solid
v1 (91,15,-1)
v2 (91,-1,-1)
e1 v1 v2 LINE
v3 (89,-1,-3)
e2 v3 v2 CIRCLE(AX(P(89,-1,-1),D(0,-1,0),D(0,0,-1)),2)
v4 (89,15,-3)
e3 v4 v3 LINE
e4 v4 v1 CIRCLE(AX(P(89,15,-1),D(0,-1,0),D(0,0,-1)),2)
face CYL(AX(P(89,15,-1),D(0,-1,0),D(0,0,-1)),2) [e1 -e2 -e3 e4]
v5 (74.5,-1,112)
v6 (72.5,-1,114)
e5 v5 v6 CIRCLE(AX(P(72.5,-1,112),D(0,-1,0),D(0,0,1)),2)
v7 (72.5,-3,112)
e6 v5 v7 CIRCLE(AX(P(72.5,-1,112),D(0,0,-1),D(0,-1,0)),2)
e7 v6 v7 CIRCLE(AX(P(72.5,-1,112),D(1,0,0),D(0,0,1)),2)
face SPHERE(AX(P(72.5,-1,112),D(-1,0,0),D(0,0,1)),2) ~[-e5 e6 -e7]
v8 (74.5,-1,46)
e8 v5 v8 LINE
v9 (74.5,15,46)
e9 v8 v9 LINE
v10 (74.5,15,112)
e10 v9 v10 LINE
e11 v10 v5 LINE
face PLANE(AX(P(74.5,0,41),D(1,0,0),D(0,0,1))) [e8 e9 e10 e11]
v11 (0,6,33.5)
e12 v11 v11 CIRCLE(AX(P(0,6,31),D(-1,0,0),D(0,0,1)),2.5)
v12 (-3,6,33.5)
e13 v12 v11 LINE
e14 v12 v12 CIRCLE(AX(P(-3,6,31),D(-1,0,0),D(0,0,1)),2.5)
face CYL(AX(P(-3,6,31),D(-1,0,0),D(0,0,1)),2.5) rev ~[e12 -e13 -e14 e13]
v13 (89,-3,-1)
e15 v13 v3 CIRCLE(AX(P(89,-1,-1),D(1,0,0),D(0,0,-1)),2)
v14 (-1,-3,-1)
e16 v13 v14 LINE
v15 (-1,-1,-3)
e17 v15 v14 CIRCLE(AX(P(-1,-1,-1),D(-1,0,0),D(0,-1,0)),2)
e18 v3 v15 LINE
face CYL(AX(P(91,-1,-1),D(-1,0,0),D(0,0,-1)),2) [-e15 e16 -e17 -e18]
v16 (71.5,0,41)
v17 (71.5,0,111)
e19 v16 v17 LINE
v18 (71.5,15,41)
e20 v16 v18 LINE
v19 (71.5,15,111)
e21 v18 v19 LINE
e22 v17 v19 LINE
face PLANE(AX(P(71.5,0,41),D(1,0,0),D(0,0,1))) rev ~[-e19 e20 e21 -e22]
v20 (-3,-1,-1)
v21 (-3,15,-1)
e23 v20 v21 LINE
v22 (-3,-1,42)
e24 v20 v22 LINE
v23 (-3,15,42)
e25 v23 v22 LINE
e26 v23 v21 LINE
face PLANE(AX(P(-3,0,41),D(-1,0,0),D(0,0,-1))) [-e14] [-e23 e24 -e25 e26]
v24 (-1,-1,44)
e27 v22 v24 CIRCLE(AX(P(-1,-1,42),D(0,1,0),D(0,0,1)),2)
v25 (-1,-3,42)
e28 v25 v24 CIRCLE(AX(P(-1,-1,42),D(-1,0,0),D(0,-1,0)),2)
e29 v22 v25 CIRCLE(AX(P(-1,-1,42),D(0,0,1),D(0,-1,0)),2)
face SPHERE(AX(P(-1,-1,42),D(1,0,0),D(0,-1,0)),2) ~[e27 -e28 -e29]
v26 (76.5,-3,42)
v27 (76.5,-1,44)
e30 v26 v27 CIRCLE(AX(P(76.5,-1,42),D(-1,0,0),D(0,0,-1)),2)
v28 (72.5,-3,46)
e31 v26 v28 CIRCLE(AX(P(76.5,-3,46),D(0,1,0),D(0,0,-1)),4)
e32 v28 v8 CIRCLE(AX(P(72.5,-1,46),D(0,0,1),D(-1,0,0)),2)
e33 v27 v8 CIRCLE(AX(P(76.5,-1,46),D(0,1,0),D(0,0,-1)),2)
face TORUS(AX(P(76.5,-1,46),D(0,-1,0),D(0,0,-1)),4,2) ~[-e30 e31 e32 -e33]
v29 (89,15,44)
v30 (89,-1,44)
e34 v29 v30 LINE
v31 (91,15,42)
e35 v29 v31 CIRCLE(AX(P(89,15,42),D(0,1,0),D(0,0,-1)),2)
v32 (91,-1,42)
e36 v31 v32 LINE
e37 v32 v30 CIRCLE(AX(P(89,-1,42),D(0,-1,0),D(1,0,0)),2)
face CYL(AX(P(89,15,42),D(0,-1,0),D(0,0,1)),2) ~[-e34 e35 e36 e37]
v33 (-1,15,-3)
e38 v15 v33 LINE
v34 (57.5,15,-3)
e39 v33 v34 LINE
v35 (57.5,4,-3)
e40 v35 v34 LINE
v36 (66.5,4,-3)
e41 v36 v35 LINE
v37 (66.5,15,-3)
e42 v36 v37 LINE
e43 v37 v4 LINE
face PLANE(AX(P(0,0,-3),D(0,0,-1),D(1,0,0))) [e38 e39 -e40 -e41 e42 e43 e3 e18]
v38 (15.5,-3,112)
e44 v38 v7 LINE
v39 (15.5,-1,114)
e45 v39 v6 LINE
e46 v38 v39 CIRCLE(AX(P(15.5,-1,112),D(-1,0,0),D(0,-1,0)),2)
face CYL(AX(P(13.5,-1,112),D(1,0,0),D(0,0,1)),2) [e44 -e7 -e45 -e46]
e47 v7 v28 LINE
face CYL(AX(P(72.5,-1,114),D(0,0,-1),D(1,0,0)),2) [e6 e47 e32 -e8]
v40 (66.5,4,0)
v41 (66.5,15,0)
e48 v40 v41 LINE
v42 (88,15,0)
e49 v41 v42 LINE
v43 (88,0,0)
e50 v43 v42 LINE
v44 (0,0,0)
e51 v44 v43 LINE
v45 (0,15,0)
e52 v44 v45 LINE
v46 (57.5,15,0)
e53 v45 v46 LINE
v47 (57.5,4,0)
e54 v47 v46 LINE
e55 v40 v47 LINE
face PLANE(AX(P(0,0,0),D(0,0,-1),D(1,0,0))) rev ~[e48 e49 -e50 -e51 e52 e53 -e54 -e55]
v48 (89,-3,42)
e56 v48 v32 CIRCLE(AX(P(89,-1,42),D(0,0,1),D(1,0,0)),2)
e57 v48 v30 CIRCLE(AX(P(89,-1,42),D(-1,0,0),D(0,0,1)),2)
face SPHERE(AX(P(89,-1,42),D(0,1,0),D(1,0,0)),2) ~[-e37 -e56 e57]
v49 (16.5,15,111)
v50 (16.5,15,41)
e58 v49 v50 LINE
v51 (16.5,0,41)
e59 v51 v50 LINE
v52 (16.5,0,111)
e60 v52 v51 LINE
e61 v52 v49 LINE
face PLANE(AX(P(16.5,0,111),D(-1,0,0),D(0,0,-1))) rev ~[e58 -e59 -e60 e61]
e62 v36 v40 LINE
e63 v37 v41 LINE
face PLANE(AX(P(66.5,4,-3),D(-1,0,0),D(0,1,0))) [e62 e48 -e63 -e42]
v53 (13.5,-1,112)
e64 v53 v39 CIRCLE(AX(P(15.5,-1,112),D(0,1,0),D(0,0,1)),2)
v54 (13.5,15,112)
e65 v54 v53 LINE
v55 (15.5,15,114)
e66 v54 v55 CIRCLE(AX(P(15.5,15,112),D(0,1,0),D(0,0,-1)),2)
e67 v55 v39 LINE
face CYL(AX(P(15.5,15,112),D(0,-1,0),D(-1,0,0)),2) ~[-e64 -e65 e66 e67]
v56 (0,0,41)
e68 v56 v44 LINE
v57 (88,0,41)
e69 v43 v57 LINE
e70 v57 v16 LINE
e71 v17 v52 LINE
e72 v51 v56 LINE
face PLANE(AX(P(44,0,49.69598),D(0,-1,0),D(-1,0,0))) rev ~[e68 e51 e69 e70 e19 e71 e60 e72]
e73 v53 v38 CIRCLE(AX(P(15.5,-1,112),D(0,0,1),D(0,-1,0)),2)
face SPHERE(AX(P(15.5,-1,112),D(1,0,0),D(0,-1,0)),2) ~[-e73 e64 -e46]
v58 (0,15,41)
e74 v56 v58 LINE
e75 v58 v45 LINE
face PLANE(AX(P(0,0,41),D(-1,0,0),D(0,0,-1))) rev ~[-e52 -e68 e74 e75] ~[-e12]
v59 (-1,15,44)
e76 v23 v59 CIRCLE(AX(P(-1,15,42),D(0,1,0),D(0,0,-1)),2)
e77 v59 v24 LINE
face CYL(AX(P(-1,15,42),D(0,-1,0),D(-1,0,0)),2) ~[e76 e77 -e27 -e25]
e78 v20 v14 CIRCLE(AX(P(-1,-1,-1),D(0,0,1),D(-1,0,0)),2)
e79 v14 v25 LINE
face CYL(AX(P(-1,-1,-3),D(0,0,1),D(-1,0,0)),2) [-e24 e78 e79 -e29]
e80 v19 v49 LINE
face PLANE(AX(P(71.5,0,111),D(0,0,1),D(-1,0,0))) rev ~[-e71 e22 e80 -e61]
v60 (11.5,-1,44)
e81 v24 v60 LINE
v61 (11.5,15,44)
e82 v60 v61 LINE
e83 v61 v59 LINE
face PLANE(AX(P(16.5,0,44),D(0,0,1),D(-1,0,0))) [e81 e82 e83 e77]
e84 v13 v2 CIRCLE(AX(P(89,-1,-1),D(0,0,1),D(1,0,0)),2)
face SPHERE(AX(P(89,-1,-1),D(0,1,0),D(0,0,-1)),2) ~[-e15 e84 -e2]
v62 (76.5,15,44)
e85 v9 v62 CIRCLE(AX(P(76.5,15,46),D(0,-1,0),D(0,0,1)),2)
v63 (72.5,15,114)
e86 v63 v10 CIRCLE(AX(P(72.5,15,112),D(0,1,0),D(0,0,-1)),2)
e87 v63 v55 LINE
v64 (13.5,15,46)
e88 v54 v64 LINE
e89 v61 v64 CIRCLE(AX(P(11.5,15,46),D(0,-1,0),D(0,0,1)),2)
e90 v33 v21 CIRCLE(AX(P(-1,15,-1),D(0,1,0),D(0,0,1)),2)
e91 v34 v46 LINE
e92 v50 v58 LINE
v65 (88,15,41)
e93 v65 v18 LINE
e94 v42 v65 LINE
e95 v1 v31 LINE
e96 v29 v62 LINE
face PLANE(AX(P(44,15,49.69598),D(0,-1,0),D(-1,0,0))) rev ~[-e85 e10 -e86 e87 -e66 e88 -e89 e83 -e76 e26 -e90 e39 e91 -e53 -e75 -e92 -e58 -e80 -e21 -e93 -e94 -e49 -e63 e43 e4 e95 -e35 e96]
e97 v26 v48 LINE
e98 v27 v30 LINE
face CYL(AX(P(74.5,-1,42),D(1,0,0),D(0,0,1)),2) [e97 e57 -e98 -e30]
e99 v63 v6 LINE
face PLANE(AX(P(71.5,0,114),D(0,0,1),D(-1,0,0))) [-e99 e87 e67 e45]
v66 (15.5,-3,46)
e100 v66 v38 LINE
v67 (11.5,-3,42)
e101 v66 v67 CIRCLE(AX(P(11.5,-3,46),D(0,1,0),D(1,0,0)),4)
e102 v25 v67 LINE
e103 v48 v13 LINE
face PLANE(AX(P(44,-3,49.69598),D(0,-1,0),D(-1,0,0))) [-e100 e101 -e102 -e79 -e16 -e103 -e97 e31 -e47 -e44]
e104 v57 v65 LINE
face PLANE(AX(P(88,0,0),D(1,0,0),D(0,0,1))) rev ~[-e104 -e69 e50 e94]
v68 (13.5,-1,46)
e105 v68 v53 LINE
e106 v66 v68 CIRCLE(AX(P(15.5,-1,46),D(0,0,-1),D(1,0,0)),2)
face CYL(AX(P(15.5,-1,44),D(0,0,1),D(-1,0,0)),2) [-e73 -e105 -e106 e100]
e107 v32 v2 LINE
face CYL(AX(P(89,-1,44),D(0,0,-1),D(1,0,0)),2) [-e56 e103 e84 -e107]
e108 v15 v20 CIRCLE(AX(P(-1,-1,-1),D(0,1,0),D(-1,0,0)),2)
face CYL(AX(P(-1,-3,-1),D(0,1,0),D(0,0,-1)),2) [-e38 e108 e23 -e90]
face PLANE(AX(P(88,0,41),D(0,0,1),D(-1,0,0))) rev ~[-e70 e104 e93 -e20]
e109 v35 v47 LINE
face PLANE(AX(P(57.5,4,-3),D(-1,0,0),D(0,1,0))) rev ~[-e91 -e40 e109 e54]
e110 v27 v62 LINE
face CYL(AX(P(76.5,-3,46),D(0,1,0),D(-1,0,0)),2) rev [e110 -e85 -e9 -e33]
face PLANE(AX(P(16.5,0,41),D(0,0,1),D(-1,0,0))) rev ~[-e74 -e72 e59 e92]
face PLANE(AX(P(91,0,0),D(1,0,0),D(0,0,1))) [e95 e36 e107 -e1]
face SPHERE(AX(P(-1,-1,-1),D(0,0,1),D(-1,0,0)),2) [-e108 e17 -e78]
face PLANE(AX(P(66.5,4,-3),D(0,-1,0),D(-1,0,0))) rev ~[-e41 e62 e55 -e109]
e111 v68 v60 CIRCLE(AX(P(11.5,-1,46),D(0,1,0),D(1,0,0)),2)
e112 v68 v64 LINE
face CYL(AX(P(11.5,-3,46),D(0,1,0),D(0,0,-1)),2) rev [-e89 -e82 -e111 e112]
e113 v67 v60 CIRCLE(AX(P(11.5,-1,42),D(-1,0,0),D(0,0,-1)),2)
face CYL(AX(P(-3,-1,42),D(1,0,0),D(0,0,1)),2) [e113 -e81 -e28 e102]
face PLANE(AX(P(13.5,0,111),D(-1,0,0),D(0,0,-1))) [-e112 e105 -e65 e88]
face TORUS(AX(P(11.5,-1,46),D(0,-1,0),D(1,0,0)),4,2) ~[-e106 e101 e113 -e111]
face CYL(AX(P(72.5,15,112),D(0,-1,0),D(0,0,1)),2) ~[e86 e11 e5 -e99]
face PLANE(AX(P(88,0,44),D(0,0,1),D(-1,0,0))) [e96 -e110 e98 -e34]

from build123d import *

# Parameters (mm, degrees)
BOSS_EXTRUDE1_DEPTH = 15
SHELL1_T            = 3
SKETCH3_W           = 9
SKETCH3_H           = 11
CUT_EXTRUDE1_DEPTH  = 3
SKETCH4_R           = 2.5
CUT_EXTRUDE2_DEPTH  = 3
FILLET1_R           = 2


with BuildPart() as part:
    # Sketch1 → Boss-Extrude1 (new body)
    with BuildSketch(Plane(origin=(0, 0, 0), x_dir=(1, 0, 0), z_dir=(0, 1, 0))):
        Polygon((0, 0), (88, 0), (88, -41), (71.5, -41), (71.5, -111), (16.5, -111), (16.5, -41), (0, -41), align=None)
    extrude(amount=BOSS_EXTRUDE1_DEPTH)

    # Shell1
    shell1_openings = [part.faces().sort_by_distance(p)[0] for p in [
        (44, 15, 49.150442478),
    ]]
    offset(amount=SHELL1_T, openings=shell1_openings, kind=Kind.INTERSECTION)

    # Sketch3 → Cut-Extrude1 (cut)
    with BuildSketch(Plane(origin=(0, 0, -3), x_dir=(-1, 0, 0), z_dir=(0, 0, -1))):
        with Locations((-62, 9.5)):
            Rectangle(SKETCH3_W, SKETCH3_H)
    extrude(amount=-CUT_EXTRUDE1_DEPTH, mode=Mode.SUBTRACT)

    # Sketch4 → Cut-Extrude2 (cut)
    with BuildSketch(Plane.ZY.offset(3)):
        with Locations((31, 6)):
            Circle(SKETCH4_R)
    extrude(amount=-CUT_EXTRUDE2_DEPTH, mode=Mode.SUBTRACT)

    # Fillet1
    fillet1_edges = [part.edges().sort_by_distance(p)[0] for p in [
        (44, -3, 114),
        (13.5, -3, 79),
        (5.25, -3, 44),
        (-3, -3, 20.5),
        (-3, 6, -3),
        (91, 6, -3),
        (91, 6, 44),
        (74.5, 6, 44),
        (74.5, 6, 114),
        (13.5, 6, 114),
        (13.5, 6, 44),
        (-3, 6, 44),
        (44, -3, -3),
        (91, -3, 20.5),
        (82.75, -3, 44),
        (74.5, -3, 79),
    ]]
    fillet(fillet1_edges, radius=FILLET1_R)


solid = part.part
